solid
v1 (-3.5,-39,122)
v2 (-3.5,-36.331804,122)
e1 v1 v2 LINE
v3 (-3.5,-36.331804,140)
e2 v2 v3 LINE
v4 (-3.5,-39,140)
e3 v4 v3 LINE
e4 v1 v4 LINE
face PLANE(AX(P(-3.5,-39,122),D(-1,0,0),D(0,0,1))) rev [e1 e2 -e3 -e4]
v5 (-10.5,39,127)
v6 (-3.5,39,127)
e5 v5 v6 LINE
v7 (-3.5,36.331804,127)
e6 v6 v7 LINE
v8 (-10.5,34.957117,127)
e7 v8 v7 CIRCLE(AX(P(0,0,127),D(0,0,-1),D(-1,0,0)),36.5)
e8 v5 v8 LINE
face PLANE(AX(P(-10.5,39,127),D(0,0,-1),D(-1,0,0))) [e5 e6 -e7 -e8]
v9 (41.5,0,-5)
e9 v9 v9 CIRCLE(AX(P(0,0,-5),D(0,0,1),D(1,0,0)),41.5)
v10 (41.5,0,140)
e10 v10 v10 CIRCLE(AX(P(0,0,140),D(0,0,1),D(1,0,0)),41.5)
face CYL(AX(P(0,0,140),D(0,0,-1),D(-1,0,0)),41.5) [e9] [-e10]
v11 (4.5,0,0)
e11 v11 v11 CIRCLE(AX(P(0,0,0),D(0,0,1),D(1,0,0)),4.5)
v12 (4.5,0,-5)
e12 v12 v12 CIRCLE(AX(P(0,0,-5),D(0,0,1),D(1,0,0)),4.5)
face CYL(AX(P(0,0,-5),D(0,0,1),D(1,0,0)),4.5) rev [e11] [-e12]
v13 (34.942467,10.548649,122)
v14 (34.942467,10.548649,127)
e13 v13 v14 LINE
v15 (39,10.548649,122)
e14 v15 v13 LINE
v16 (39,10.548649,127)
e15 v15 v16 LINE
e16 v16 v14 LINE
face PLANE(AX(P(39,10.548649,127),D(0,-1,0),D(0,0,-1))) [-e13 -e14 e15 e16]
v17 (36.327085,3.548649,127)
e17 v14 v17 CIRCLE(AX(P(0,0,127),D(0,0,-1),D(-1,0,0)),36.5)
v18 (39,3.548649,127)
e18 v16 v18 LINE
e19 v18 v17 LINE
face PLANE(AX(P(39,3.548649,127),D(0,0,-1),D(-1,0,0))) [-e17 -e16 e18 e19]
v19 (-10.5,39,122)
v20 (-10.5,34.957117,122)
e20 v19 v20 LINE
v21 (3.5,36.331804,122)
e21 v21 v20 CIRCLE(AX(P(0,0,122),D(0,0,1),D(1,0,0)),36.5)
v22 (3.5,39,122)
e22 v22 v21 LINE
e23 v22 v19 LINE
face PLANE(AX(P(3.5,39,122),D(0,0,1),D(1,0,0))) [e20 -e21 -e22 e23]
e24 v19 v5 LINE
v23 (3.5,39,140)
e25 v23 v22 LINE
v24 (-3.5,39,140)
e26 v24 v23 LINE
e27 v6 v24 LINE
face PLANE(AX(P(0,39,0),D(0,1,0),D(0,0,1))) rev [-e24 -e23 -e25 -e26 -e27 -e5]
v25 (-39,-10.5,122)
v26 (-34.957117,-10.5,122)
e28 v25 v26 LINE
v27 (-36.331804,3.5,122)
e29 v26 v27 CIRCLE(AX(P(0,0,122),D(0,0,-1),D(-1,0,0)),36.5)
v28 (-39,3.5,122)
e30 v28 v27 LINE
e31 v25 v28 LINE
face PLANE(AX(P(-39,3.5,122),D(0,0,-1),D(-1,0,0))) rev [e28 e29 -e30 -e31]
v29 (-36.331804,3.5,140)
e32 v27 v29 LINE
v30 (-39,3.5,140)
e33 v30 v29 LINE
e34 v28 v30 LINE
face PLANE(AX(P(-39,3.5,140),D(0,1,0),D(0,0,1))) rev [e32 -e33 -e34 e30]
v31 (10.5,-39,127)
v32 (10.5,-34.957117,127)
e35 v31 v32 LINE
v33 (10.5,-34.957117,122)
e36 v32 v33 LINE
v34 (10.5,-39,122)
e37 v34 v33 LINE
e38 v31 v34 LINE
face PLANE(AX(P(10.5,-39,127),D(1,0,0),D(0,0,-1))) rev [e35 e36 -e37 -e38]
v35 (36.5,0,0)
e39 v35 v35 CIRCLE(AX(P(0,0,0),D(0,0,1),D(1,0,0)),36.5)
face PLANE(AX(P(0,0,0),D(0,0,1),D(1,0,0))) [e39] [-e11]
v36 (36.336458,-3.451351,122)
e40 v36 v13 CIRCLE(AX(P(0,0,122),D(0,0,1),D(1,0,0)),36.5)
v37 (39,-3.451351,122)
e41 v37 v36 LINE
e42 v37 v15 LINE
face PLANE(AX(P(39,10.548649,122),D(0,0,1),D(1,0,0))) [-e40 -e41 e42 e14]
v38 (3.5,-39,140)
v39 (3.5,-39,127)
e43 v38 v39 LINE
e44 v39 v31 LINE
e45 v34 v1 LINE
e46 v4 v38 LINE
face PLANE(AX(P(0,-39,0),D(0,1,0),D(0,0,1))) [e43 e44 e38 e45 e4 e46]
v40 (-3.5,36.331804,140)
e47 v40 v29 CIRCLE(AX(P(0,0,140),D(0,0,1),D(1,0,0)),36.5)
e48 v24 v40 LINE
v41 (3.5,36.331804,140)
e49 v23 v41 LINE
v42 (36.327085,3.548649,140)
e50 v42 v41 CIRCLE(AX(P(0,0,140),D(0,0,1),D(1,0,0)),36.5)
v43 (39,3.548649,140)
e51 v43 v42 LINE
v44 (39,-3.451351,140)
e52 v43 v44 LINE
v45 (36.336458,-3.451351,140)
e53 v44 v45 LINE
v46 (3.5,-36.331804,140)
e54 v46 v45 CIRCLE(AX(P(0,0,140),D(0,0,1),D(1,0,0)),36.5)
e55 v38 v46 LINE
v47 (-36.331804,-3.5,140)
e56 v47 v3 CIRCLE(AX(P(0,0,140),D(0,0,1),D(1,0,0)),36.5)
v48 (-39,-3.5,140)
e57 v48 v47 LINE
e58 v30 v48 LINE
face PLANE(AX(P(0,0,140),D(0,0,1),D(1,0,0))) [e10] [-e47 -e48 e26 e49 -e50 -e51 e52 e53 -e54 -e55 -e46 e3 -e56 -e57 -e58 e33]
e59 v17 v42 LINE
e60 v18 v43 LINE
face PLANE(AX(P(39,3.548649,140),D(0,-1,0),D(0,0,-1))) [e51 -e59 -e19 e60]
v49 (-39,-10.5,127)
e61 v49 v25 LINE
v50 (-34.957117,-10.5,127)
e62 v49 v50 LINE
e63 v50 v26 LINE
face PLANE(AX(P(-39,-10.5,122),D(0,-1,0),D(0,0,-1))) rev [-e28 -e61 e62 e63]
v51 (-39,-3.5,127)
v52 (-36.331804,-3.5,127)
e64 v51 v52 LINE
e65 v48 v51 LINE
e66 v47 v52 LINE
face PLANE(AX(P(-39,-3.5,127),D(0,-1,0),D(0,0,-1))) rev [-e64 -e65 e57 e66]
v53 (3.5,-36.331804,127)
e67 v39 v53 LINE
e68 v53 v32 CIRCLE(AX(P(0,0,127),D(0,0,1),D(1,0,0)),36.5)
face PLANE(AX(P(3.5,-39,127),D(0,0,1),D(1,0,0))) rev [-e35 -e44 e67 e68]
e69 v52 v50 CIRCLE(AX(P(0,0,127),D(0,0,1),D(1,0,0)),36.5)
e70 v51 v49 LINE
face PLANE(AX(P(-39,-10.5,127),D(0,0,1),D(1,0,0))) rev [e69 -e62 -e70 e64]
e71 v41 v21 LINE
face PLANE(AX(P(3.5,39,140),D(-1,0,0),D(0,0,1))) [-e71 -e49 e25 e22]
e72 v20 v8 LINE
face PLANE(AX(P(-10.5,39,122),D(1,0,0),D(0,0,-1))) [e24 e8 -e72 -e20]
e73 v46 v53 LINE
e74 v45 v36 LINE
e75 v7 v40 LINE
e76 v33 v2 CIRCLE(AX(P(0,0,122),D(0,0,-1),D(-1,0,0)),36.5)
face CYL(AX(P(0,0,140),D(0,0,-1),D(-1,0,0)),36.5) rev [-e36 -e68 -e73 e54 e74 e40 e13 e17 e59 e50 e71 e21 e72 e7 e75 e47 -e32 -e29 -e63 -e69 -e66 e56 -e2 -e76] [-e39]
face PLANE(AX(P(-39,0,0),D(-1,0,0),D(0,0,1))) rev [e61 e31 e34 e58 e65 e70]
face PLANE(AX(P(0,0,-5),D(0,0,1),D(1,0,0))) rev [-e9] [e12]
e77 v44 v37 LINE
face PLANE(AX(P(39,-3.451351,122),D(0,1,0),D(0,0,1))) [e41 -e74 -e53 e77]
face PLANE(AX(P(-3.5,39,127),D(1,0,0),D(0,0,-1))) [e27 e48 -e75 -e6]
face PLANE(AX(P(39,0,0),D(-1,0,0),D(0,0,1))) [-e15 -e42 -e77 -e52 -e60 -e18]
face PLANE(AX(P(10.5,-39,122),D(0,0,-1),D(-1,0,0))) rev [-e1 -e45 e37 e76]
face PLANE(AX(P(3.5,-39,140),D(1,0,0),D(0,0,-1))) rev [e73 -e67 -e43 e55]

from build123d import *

# Parameters (mm, degrees)
SKETCH2_R           = 41.5
SKETCH2_R_2         = 36.5
BOSS_EXTRUDE2_DEPTH = 140
BOSS_EXTRUDE3_START = -5
SKETCH13_R          = 41.5
SKETCH13_R_2        = 4.5
BOSS_EXTRUDE3_DEPTH = 5
CUT_EXTRUDE1_DEPTH  = 39
CUT_EXTRUDE2_DEPTH  = 39
CUT_EXTRUDE3_DEPTH  = 39
CUT_EXTRUDE4_DEPTH  = 39


with BuildPart() as part:
    # Sketch2 → Boss-Extrude2 (new body)
    with BuildSketch(Plane.XY):
        Circle(SKETCH2_R)
        Circle(SKETCH2_R_2, mode=Mode.SUBTRACT)
    extrude(amount=BOSS_EXTRUDE2_DEPTH)

    # Sketch13 → Boss-Extrude3 (add)
    with BuildSketch(Plane.XY.offset(BOSS_EXTRUDE3_START)):
        Circle(SKETCH13_R)
        Circle(SKETCH13_R_2, mode=Mode.SUBTRACT)
    extrude(amount=BOSS_EXTRUDE3_DEPTH)

    # Sketch14 → Cut-Extrude1 (cut)
    with BuildSketch(Plane(origin=(0, 0, 0), x_dir=(1, 0, 0), z_dir=(0, 1, 0))):
        Polygon((3.5, -127), (10.5, -127), (10.5, -122), (-3.5, -122), (-3.5, -140), (3.5, -140), align=None)
    extrude(amount=-CUT_EXTRUDE1_DEPTH, mode=Mode.SUBTRACT)

    # Sketch16 → Cut-Extrude2 (cut)
    with BuildSketch(Plane(origin=(0, 0, 0), x_dir=(0, 0, -1), z_dir=(1, 0, 0))):
        Polygon((-140, 3.548648678), (-127, 3.548648678), (-127, 10.548648678), (-122, 10.548648678), (-122, -3.451351322), (-140, -3.451351322), align=None)
    extrude(amount=CUT_EXTRUDE2_DEPTH, mode=Mode.SUBTRACT)

    # Sketch19 → Cut-Extrude3 (cut)
    with BuildSketch(Plane(origin=(0, 0, 0), x_dir=(1, 0, 0), z_dir=(0, 1, 0))):
        Polygon((3.5, -140), (3.5, -122), (-10.5, -122), (-10.5, -127), (-3.5, -127), (-3.5, -140), align=None)
    extrude(amount=CUT_EXTRUDE3_DEPTH, mode=Mode.SUBTRACT)

    # Sketch20 → Cut-Extrude4 (cut)
    with BuildSketch(Plane(origin=(0, 0, 0), x_dir=(0, 0, -1), z_dir=(1, 0, 0))):
        Polygon((-127, -3.5), (-140, -3.5), (-140, 3.5), (-122, 3.5), (-122, -10.5), (-127, -10.5), align=None)
    extrude(amount=-CUT_EXTRUDE4_DEPTH, mode=Mode.SUBTRACT)


solid = part.part
